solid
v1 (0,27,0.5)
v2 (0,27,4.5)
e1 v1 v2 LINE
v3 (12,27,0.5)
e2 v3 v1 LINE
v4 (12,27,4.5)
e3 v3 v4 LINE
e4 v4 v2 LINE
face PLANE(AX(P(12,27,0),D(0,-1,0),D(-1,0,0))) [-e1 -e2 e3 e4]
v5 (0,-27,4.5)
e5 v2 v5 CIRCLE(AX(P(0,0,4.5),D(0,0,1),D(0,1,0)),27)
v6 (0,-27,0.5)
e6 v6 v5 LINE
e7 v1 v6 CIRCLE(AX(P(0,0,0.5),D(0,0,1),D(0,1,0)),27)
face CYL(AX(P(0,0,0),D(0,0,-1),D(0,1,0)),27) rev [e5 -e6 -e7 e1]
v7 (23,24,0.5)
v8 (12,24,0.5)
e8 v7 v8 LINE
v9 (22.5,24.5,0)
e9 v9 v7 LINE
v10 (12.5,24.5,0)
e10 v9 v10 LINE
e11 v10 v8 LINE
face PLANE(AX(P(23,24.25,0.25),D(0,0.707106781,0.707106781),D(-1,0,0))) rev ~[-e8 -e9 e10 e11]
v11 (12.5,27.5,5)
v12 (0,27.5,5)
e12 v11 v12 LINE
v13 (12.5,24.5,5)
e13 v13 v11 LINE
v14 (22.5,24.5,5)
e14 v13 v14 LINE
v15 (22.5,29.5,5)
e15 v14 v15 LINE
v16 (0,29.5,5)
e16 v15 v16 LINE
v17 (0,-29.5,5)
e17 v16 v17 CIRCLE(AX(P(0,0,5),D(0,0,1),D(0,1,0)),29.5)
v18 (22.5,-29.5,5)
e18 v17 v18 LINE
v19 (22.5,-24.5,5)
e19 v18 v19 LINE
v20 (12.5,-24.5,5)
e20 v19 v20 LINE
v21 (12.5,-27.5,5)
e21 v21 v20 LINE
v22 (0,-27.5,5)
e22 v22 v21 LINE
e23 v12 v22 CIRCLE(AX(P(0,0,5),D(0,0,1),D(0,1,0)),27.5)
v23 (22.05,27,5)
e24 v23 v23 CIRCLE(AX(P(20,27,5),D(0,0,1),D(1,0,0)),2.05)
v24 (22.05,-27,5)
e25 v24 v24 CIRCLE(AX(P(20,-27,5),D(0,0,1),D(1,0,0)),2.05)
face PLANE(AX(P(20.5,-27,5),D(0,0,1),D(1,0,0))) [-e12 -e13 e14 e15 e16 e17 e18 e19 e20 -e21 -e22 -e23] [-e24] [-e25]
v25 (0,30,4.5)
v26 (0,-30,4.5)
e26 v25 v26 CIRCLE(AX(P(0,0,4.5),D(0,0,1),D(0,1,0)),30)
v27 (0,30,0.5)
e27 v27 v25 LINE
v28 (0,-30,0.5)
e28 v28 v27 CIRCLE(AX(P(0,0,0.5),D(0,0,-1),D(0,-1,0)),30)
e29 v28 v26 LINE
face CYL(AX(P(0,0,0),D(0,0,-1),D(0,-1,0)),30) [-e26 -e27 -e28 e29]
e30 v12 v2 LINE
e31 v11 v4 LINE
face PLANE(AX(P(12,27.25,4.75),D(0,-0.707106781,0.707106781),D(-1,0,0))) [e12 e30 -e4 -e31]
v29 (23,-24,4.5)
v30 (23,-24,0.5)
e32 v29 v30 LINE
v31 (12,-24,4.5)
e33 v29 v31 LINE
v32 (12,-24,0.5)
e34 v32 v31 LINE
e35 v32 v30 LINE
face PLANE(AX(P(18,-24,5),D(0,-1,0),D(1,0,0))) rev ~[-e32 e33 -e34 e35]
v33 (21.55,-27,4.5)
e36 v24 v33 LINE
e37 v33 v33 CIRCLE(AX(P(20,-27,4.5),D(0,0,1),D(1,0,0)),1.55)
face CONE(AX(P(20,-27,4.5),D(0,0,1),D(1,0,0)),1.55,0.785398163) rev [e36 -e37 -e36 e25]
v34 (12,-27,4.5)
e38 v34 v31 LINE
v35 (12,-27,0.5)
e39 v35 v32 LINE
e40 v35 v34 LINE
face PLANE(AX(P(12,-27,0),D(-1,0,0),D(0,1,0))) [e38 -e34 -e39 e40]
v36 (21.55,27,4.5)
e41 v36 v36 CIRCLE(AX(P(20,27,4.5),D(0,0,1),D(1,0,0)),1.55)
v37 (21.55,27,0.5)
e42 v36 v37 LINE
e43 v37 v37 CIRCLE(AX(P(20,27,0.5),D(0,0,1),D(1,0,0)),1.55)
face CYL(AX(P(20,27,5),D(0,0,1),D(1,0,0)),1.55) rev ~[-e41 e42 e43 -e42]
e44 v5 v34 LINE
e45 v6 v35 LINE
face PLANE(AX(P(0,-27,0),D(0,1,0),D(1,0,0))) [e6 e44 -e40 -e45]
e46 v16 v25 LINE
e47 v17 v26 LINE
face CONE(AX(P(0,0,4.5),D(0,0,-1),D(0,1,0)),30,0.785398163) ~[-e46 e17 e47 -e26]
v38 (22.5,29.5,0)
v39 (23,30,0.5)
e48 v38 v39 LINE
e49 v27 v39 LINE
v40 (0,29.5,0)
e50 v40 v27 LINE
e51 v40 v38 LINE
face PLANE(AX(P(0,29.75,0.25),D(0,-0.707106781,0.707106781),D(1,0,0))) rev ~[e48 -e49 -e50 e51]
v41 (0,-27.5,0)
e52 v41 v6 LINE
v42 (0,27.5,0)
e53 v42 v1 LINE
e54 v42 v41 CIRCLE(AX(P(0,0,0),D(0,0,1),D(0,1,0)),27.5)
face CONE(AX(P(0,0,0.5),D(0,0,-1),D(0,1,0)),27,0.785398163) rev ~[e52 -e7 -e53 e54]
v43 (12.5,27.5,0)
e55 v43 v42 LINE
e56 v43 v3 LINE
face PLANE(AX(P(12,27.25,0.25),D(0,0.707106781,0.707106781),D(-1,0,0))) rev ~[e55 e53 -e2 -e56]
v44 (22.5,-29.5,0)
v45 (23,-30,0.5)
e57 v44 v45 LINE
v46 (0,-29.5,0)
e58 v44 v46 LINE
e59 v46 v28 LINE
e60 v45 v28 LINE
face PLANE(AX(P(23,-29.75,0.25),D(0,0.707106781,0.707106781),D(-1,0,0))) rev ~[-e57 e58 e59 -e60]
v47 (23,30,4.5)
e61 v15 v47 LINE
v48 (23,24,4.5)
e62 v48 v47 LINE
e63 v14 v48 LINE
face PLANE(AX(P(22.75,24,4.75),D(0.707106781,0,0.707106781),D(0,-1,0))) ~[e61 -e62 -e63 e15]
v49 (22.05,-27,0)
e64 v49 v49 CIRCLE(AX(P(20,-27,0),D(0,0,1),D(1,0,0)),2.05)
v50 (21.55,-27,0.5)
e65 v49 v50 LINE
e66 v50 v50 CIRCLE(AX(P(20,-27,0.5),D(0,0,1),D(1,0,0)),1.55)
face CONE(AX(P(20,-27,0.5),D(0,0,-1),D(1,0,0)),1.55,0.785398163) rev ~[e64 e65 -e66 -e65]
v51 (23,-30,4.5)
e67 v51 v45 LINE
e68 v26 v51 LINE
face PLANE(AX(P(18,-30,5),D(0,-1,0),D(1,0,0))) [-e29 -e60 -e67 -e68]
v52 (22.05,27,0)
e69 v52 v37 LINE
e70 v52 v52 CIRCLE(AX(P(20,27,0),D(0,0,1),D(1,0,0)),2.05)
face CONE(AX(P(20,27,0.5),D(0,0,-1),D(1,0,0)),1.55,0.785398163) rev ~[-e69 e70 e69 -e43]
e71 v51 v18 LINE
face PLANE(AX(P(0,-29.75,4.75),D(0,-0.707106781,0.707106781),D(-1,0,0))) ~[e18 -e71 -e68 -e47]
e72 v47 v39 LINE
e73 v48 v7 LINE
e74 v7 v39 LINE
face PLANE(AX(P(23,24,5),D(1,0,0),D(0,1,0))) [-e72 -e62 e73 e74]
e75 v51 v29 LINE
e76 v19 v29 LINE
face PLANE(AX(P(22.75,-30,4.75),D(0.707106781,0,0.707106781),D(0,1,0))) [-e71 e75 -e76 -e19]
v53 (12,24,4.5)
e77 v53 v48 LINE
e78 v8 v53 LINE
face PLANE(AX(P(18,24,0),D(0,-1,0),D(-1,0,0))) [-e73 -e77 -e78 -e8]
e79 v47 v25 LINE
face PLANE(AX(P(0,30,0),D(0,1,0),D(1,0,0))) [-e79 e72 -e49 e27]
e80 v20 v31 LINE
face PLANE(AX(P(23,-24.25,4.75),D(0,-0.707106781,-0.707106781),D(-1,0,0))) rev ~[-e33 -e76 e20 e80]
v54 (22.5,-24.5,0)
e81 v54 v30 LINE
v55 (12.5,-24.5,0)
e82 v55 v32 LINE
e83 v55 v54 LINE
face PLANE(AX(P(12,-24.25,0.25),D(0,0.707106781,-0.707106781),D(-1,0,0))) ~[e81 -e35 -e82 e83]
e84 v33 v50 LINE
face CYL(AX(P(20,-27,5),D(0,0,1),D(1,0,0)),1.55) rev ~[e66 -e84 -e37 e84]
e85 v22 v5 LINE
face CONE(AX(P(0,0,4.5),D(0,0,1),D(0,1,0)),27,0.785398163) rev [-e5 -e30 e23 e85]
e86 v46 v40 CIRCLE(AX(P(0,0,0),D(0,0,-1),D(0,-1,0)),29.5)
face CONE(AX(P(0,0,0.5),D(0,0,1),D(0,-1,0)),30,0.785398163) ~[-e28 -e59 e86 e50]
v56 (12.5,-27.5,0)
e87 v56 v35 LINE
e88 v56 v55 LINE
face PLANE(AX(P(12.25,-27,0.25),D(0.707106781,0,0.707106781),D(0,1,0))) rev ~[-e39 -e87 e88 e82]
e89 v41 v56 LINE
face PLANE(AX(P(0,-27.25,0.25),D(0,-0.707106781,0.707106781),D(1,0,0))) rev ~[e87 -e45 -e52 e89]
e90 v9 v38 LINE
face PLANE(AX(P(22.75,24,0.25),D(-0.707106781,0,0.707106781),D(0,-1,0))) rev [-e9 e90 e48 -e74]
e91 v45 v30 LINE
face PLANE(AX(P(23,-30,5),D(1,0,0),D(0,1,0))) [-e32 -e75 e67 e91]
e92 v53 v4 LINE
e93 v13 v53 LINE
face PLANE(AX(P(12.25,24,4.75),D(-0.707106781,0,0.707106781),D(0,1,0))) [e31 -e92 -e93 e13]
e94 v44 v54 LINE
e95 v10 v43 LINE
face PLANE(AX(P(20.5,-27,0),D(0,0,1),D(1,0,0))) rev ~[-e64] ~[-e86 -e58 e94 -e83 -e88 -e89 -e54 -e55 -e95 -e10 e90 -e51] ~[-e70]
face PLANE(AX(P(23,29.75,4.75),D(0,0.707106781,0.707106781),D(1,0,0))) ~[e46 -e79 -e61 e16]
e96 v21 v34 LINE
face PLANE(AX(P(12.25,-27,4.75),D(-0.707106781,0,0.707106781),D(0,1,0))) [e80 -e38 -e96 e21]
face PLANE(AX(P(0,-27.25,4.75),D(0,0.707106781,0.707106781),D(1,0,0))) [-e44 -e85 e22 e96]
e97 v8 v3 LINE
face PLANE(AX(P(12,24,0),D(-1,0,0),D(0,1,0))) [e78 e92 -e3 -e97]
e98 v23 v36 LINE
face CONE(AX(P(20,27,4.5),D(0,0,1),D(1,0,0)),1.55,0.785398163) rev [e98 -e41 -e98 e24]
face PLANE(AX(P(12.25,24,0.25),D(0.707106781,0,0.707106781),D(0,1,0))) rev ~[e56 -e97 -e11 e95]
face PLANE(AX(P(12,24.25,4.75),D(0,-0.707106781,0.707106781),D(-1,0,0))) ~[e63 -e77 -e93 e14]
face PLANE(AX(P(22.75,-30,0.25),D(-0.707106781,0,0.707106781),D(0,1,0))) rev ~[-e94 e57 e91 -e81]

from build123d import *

# Parameters (mm, degrees)
EXTRUDE_1_DEPTH     = 5
SKETCH_3_W          = 5
SKETCH_3_H          = 6
EXTRUDE_2_DEPTH     = 5
SKETCH_2_R          = 1.55
CUT_EXTRUDE_1_DEPTH = 43.720018727
CHAMFER_1_SIZE      = 0.5


with BuildPart() as part:
    # ｽｹｯﾁ1 → ﾎﾞｽ - 押し出し1 (new body)
    with BuildSketch(Plane.XY):
        with BuildLine():
            Line((0, 30), (18, 30))
            Line((18, 30), (18, 24))
            Line((18, 24), (12, 24))
            Line((12, 24), (12, 27))
            Line((12, 27), (0, 27))
            ThreePointArc((0, 27), (-27, 0), (0, -27))
            Line((0, -27), (12, -27))
            Line((12, -27), (12, -24))
            Line((12, -24), (18, -24))
            Line((18, -24), (18, -30))
            Line((18, -30), (0, -30))
            ThreePointArc((0, -30), (-30, 0), (0, 30))
        make_face()
    extrude(amount=EXTRUDE_1_DEPTH)

    # ｽｹｯﾁ3 → ﾎﾞｽ - 押し出し2 (add)
    with BuildSketch(Plane.XY.offset(5)):
        with Locations((20.5, -27)):
            Rectangle(SKETCH_3_W, SKETCH_3_H)
        with Locations((20.5, 27)):
            Rectangle(SKETCH_3_W, SKETCH_3_H)
    extrude(amount=-EXTRUDE_2_DEPTH)

    # ｽｹｯﾁ2 → ｶｯﾄ - 押し出し1 (cut, through all)
    with BuildSketch(Plane.XY.offset(5)):
        with Locations((20, -27)):
            Circle(SKETCH_2_R)
        with Locations((20, 27)):
            Circle(SKETCH_2_R)
    extrude(amount=-CUT_EXTRUDE_1_DEPTH, mode=Mode.SUBTRACT)

    # 面取り1
    chamfer_1_edges = [part.edges().sort_by_distance(p)[0] for p in [
        (11.5, 30, 0),
        (17.5, 24, 0),
        (12, 25.5, 0),
        (6, 27, 0),
        (-27, 0, 0),
        (17.5, -24, 5),
        (6, -27, 0),
        (12, -25.5, 0),
        (17.5, -24, 0),
        (11.5, -30, 0),
        (-30, 0, 0),
        (12, -25.5, 5),
        (6, -27, 5),
        (-27, 0, 5),
        (6, 27, 5),
        (12, 25.5, 5),
        (17.5, 24, 5),
        (23, -27, 5),
        (23, -27, 0),
        (11.5, 30, 5),
        (-30, 0, 5),
        (23, 27, 5),
        (23, 27, 0),
        (18.45, -27, 0),
        (18.45, -27, 5),
        (18.45, 27, 0),
        (18.45, 27, 5),
        (11.5, -30, 5),
    ]]
    chamfer(chamfer_1_edges, length=CHAMFER_1_SIZE)


solid = part.part
